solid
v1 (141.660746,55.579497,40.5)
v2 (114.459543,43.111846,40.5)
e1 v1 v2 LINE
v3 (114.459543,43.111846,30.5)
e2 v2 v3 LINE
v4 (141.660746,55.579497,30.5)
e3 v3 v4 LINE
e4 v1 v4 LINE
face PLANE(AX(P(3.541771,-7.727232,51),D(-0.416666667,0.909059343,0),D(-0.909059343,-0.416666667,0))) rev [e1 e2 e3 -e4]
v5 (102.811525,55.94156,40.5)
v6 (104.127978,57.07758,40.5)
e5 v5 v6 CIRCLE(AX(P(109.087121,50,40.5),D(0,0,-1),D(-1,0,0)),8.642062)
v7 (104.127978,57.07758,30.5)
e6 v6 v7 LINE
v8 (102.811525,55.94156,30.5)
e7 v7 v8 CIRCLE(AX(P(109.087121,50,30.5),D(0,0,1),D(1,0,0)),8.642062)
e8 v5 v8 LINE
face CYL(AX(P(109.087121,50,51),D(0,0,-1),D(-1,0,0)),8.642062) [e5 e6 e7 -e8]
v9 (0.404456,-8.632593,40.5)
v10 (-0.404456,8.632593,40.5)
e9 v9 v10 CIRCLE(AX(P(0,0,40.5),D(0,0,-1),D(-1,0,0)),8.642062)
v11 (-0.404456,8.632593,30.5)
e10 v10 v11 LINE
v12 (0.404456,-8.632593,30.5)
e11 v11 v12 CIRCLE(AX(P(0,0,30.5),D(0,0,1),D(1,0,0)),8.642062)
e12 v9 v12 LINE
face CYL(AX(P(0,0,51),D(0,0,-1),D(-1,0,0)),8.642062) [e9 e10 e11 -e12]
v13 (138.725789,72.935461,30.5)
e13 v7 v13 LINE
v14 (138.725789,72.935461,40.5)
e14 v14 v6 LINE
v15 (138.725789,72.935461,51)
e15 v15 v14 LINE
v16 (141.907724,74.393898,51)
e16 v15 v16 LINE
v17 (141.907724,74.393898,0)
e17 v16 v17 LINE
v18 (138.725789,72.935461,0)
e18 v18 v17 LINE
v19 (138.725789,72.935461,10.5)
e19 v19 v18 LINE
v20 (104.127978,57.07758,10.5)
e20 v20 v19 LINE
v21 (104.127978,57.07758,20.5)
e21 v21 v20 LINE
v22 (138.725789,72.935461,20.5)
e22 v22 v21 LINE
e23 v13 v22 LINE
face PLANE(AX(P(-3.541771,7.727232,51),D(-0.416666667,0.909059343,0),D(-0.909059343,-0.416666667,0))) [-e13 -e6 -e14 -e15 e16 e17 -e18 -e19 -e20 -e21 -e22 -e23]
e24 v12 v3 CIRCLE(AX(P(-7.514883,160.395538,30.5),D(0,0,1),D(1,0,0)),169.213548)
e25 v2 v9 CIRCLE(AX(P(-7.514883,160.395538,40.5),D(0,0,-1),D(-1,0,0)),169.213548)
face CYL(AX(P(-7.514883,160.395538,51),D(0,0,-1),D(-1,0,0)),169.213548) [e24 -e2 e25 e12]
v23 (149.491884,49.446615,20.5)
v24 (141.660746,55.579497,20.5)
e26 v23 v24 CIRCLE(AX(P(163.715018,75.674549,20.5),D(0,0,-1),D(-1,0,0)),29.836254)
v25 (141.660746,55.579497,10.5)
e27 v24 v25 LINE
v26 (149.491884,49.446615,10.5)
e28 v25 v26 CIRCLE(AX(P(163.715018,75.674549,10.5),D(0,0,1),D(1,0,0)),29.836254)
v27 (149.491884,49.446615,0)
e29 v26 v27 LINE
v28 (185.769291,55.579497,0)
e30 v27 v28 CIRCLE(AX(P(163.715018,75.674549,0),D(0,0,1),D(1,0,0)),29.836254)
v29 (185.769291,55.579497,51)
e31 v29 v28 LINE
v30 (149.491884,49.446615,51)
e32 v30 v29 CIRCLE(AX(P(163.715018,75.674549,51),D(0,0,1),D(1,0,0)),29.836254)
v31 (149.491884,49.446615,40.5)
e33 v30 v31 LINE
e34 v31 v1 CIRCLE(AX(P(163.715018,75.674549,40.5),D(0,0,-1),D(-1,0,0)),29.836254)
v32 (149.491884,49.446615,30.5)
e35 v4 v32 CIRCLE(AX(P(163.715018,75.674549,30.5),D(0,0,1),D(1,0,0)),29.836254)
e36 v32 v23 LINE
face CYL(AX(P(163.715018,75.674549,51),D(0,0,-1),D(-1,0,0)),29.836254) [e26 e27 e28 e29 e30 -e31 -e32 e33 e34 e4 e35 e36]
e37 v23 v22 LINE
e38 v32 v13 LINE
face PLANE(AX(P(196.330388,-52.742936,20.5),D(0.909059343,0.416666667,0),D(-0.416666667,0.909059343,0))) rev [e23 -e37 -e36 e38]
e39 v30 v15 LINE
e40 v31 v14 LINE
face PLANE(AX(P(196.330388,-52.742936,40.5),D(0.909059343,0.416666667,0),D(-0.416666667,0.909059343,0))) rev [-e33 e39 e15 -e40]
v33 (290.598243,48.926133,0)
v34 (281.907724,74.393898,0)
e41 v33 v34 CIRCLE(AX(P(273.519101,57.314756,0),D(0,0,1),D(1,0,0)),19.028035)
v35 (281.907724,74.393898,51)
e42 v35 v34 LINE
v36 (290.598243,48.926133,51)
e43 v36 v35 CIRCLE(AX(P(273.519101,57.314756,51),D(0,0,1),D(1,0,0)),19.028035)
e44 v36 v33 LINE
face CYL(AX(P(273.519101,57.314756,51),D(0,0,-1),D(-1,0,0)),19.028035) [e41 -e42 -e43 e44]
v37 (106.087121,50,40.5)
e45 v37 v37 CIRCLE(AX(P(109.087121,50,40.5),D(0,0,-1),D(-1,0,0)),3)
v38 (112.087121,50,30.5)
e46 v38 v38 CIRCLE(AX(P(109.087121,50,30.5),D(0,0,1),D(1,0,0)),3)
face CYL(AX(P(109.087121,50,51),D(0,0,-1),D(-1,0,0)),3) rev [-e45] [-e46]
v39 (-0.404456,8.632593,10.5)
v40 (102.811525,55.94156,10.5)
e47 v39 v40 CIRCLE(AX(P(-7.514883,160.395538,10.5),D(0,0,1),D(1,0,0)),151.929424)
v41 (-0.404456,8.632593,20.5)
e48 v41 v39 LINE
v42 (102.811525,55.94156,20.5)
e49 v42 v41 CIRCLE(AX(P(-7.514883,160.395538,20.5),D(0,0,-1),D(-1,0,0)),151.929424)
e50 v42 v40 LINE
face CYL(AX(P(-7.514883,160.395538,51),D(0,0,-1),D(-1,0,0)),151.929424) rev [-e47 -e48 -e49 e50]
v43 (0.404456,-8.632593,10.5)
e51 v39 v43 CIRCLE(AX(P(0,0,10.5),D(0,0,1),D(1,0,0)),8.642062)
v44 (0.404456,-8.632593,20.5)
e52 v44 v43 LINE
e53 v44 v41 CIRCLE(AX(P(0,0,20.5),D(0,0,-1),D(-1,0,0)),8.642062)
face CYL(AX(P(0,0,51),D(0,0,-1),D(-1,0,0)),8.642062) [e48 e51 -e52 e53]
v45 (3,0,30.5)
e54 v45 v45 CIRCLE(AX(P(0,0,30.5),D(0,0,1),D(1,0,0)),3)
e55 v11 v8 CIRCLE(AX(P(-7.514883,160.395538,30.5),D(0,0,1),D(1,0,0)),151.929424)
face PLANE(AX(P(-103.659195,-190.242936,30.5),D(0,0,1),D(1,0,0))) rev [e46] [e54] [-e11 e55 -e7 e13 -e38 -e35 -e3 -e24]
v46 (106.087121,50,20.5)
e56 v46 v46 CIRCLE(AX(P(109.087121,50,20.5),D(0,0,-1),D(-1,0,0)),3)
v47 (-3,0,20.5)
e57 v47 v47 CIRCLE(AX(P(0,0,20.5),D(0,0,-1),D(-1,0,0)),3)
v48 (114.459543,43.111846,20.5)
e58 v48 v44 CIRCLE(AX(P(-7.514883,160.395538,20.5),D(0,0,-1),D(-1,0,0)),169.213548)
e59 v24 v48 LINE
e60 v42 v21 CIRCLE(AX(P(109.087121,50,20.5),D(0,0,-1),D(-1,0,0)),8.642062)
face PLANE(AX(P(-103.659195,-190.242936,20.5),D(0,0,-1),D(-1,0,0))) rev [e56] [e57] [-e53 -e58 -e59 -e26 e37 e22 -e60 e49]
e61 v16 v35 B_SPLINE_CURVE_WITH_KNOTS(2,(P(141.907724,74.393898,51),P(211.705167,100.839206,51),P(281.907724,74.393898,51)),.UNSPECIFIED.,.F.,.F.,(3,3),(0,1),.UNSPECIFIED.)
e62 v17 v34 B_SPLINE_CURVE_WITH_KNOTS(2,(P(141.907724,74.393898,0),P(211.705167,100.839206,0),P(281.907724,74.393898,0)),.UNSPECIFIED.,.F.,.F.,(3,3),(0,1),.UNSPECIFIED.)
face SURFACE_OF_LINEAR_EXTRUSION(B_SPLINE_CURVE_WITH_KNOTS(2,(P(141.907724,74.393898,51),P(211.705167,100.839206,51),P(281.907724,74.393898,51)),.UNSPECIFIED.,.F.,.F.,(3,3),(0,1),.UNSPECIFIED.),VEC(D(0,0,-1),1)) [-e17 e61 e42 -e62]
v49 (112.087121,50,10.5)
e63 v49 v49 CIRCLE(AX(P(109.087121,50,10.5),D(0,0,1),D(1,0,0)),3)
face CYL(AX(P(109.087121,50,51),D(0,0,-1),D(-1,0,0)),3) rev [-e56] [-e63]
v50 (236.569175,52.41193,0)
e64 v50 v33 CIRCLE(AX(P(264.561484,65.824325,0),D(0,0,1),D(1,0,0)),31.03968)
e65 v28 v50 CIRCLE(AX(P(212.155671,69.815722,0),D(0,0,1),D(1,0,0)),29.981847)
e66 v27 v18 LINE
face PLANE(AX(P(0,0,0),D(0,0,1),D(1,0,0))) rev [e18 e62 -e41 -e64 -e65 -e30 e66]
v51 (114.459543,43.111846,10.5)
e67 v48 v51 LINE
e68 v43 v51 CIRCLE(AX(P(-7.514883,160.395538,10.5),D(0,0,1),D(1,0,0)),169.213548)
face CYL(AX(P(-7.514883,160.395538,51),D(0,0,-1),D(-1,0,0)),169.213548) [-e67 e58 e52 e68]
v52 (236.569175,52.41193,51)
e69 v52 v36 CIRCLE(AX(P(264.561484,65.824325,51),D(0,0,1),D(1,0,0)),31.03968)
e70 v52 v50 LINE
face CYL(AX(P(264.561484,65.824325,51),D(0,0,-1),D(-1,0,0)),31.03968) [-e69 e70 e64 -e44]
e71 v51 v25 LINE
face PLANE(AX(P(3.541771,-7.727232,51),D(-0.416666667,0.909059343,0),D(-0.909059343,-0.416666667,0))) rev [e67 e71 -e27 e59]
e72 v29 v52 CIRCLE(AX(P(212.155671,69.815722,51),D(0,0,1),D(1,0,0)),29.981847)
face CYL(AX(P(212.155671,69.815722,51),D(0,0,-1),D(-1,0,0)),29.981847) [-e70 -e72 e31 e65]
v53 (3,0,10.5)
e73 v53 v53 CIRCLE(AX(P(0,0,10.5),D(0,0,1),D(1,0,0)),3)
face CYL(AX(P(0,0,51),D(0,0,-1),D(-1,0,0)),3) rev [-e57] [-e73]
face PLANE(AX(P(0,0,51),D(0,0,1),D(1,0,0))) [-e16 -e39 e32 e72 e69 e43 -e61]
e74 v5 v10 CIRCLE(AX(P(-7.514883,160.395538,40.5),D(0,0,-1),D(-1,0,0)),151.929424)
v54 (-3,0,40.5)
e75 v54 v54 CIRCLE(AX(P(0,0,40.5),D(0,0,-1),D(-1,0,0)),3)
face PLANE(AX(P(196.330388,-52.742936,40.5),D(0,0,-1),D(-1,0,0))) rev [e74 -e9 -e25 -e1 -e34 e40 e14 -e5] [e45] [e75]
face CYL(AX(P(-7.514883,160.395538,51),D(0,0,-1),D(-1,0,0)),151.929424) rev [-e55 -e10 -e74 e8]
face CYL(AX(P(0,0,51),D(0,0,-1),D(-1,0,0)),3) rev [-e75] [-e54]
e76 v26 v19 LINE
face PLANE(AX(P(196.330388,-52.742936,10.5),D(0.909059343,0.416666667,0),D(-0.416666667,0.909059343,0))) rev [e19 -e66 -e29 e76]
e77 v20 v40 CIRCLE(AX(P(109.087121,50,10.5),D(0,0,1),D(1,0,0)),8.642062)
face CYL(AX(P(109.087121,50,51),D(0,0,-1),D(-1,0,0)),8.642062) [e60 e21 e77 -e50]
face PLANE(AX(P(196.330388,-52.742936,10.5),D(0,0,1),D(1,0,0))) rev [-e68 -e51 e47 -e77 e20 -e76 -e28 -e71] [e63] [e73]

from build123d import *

# Parameters (mm, degrees)
CROQUIS1_R                 = 3
SALIENTE_EXTRUIR1_DEPTH    = 51
CORTAR_EXTRUIR1_DEPTH      = 311.888957589
CORTAR_EXTRUIR1_DEPTH_BACK = 311.888957589
CROQUIS2_W                 = 181.964548074
CROQUIS2_H                 = 27.905532643
CROQUIS2_W_2               = 174.878216902
CROQUIS2_H_2               = 60.347618799
CROQUIS2_W_3               = 330
CROQUIS2_H_3               = 10


with BuildPart() as part:
    # Croquis1 → Saliente-Extruir1 (new body)
    # profile 1 of 4: a face of its own
    with BuildSketch(Plane.XY):
        with BuildLine():
            Line((141.907724078, 74.393898239), (106.962723162, 58.37688333))
            ThreePointArc((106.962723162, 58.37688333), (116.54115135, 54.372948072), (115.362717192, 44.058439988))
            ThreePointArc((115.362717192, 44.058439988), (114.912044927, 43.584270047), (114.45954291, 43.111845929))
            Line((114.45954291, 43.111845929), (141.660745717, 55.579496794))
            ThreePointArc((141.660745717, 55.579496794), (163.715018222, 45.838294791), (185.769290727, 55.579496794))
            ThreePointArc((185.769290727, 55.579496794), (210.289811625, 39.891989826), (236.56917478, 52.411929606))
            ThreePointArc((236.56917478, 52.411929606), (262.563049751, 34.849044969), (290.598242925, 48.926132611))
            ThreePointArc((290.598242925, 48.926132611), (291.527530464, 63.45988081), (281.907724078, 74.393898239))
            add(Edge.make_bspline(
                [(141.907724078, 74.393898239), (211.705167047, 100.839206128), (281.907724078, 74.393898239)],
                knots=[0, 0, 0, 1, 1, 1], degree=2))
        make_face()
    # profile 2 of 4: a face of its own
    with BuildSketch(Plane.XY):
        with BuildLine():
            ThreePointArc((105.545350362, 57.727231572), (116.814352718, 53.541770784), (112.62889193, 42.272768428))
            Line((112.62889193, 42.272768428), (114.45954291, 43.111845929))
            ThreePointArc((114.45954291, 43.111845929), (114.912044927, 43.584270047), (115.362717192, 44.058439988))
            ThreePointArc((115.362717192, 44.058439988), (116.54115135, 54.372948072), (106.962723162, 58.37688333))
            Line((106.962723162, 58.37688333), (105.545350362, 57.727231572))
        make_face()
    # profile 3 of 4: a face of its own
    with BuildSketch(Plane.XY):
        with BuildLine():
            Line((-2.124397984, 8.37688333), (-3.541770784, 7.727231572))
            ThreePointArc((-3.541770784, 7.727231572), (-7.727231572, -3.541770784), (3.541770784, -7.727231572))
            Line((3.541770784, -7.727231572), (112.62889193, 42.272768428))
            ThreePointArc((112.62889193, 42.272768428), (116.814352718, 53.541770784), (105.545350362, 57.727231572))
            Line((105.545350362, 57.727231572), (104.127977562, 57.077579814))
            ThreePointArc((104.127977562, 57.077579814), (103.441106721, 56.542764112), (102.8115251, 55.941560012))
            ThreePointArc((102.8115251, 55.941560012), (55.789043947, 22.282676087), (-0.404455893, 8.63259269))
            ThreePointArc((-0.404455893, 8.63259269), (-1.270874621, 8.548106154), (-2.124397984, 8.37688333))
        make_face()
        Circle(CROQUIS1_R, mode=Mode.SUBTRACT)
        with Locations((109.087121146, 50)):
            Circle(CROQUIS1_R, mode=Mode.SUBTRACT)
    # profile 4 of 4: a face of its own
    with BuildSketch(Plane.XY):
        with BuildLine():
            ThreePointArc((3.541770784, -7.727231572), (-7.727231572, -3.541770784), (-3.541770784, 7.727231572))
            Line((-3.541770784, 7.727231572), (-2.124397984, 8.37688333))
            ThreePointArc((-2.124397984, 8.37688333), (-8.548106154, -1.270874621), (0.404455893, -8.63259269))
            ThreePointArc((0.404455893, -8.63259269), (62.395554487, 6.298958939), (114.45954291, 43.111845929))
            Line((114.45954291, 43.111845929), (112.62889193, 42.272768428))
            Line((112.62889193, 42.272768428), (3.541770784, -7.727231572))
        make_face()
    extrude(amount=SALIENTE_EXTRUIR1_DEPTH)

    # Croquis2 → Cortar-Extruir1 (cut, two sides: drawn at the far end of the back side and taken through both)
    with BuildSketch(Plane(origin=(-3.541770784, 7.727231572, 0), x_dir=(0.9090593428863096, 0.4166666666666667, 0), z_dir=(-0.41666666666666663, 0.9090593428863095, 0)).offset(-CORTAR_EXTRUIR1_DEPTH_BACK)):
        with Locations((65.517476081, 3.452766322)):
            Rectangle(CROQUIS2_W, CROQUIS2_H)
        with Locations((69.060641667, -70.6738094)):
            Rectangle(CROQUIS2_W_2, CROQUIS2_H_2)
        with Locations((-8.500249882, -25.5)):
            Rectangle(CROQUIS2_W_3, CROQUIS2_H_3)
    extrude(amount=CORTAR_EXTRUIR1_DEPTH + CORTAR_EXTRUIR1_DEPTH_BACK, mode=Mode.SUBTRACT)


solid = part.part
